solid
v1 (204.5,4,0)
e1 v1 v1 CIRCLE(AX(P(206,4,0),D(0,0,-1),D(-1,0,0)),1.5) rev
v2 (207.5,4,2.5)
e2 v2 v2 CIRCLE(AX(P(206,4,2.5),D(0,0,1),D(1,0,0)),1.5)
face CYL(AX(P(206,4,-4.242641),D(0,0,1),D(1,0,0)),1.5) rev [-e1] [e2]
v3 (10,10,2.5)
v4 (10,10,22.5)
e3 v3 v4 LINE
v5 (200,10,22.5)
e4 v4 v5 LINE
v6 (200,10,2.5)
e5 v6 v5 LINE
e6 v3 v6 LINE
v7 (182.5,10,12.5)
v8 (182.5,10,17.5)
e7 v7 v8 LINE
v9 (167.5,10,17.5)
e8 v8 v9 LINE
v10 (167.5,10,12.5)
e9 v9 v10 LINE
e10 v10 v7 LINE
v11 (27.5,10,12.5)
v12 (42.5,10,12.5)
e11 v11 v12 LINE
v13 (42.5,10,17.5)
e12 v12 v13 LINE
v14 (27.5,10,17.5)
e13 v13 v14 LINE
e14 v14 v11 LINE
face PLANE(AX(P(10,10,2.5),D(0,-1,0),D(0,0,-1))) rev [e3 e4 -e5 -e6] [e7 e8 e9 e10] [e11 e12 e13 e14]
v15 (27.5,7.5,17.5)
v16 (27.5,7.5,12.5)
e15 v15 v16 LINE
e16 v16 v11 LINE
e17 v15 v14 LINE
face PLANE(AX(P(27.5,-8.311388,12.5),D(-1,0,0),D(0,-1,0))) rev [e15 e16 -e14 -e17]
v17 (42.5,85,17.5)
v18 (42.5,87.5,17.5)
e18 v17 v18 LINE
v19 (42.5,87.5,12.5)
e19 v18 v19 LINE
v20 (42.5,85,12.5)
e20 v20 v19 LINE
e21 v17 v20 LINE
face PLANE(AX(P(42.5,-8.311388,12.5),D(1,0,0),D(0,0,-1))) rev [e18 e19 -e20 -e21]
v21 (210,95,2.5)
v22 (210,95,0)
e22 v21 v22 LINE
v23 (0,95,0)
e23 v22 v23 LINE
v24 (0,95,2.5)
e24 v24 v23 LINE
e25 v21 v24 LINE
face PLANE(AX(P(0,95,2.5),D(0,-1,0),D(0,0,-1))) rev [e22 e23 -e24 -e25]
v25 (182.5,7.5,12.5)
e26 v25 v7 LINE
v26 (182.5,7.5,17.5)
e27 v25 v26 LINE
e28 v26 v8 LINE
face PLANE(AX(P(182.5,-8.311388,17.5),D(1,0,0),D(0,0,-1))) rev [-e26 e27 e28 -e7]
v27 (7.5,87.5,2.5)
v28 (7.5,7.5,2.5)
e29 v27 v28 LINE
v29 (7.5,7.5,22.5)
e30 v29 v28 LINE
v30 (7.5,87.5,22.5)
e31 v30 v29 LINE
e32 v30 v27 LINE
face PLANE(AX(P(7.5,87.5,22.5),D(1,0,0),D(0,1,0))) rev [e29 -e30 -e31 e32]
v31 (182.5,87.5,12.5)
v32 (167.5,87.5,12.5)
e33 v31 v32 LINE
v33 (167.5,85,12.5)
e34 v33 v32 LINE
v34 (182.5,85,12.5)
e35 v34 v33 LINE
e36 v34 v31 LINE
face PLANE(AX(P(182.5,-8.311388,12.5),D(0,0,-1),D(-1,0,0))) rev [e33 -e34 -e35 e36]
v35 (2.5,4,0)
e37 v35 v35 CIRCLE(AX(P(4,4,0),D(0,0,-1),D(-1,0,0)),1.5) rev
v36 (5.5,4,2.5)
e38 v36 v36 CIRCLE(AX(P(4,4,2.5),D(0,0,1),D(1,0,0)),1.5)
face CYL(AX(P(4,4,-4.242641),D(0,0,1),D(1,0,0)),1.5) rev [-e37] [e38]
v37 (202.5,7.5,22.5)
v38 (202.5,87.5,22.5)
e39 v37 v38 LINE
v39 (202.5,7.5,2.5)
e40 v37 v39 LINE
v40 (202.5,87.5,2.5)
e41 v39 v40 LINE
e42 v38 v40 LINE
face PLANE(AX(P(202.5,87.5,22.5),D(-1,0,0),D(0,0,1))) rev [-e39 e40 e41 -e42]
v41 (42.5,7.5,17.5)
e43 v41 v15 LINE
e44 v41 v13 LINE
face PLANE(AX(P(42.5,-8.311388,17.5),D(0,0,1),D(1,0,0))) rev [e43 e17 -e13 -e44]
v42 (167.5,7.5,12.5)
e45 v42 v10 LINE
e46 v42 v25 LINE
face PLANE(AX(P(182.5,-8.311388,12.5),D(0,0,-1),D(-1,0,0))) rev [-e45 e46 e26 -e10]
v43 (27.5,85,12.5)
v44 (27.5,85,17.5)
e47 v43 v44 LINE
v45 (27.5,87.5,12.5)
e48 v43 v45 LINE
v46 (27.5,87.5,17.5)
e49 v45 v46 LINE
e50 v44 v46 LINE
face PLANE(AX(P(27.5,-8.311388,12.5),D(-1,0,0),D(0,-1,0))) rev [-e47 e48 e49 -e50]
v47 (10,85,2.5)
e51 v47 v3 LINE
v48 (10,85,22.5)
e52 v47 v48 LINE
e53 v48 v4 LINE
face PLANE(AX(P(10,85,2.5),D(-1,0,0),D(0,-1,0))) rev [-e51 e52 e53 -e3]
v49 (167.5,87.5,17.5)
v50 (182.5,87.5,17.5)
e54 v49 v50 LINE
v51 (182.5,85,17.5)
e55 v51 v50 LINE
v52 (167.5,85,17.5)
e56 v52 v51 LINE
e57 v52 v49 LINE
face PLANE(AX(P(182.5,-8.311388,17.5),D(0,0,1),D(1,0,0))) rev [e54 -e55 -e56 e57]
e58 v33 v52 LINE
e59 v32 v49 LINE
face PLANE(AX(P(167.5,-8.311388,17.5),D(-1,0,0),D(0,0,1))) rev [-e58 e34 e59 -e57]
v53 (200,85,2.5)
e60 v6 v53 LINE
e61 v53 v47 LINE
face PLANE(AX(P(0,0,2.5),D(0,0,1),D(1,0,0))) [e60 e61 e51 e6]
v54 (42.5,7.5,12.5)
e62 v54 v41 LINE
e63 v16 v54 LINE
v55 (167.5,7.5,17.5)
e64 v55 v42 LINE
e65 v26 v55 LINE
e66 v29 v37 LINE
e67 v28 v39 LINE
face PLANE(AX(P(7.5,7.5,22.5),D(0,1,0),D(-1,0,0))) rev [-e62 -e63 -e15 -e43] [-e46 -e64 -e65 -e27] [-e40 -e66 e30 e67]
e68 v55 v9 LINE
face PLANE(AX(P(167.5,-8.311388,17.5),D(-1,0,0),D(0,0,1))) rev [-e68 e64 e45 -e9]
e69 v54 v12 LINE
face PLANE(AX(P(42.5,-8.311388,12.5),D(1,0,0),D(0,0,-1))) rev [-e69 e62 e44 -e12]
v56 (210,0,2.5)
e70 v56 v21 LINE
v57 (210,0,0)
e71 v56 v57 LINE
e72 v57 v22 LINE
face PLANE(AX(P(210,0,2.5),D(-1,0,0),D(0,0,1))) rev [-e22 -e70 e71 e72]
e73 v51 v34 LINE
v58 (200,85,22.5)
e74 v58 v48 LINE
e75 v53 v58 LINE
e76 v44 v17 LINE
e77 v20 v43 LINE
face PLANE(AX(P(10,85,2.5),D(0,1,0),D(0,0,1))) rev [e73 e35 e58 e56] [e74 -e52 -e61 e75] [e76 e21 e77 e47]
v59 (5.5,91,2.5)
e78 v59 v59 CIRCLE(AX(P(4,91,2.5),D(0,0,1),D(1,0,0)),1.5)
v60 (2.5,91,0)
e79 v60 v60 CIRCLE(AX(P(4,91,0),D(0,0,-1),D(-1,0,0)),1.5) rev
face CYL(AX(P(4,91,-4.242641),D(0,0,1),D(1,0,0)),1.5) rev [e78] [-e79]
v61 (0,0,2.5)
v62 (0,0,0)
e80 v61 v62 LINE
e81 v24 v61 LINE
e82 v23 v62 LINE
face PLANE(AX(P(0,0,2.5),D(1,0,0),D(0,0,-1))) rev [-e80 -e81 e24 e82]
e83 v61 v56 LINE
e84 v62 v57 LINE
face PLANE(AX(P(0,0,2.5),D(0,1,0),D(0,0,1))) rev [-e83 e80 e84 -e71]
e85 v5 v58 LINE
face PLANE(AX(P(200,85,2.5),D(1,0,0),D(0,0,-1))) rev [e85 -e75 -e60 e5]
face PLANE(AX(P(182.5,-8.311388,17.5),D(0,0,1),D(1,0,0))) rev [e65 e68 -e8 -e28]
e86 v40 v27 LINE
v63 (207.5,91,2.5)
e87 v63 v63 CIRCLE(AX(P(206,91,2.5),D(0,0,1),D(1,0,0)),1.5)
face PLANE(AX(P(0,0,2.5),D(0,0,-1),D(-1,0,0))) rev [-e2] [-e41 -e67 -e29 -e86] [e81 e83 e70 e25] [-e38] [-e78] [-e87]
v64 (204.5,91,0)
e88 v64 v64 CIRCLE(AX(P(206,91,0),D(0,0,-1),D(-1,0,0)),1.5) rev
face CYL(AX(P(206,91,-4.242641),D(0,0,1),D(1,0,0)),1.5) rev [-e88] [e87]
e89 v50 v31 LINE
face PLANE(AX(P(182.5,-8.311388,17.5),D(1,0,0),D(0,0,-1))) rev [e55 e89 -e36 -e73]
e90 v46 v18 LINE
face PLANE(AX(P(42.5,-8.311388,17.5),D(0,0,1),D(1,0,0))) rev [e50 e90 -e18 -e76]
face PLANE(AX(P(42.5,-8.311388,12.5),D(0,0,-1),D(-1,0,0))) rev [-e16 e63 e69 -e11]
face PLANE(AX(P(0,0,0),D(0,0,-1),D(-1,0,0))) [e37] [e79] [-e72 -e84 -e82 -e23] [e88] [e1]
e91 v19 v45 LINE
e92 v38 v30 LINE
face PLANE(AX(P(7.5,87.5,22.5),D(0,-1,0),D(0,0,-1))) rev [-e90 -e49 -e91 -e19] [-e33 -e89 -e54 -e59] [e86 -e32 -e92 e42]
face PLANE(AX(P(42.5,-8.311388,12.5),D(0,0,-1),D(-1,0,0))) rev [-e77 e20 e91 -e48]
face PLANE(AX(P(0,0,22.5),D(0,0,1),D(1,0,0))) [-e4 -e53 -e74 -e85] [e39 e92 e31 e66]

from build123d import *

# Parameters (mm, degrees)
SKETCH1_W           = 210
SKETCH1_H           = 95
BOSS_EXTRUDE1_DEPTH = 2.5
SKETCH2_W           = 195
SKETCH2_H           = 80
BOSS_EXTRUDE2_DEPTH = 20
SKETCH3_W           = 190
SKETCH3_H           = 75
CUT_EXTRUDE1_DEPTH  = 20
SKETCH5_W           = 15
SKETCH5_H           = 5
CUT_EXTRUDE3_DEPTH  = 80
SKETCH6_R           = 1.5
CUT_EXTRUDE4_DEPTH  = 2.5


with BuildPart() as part:
    # Sketch1 → Boss-Extrude1 (new body)
    with BuildSketch(Plane.XY):
        with Locations((105, 47.5)):
            Rectangle(SKETCH1_W, SKETCH1_H)
    extrude(amount=BOSS_EXTRUDE1_DEPTH)

    # Sketch2 → Boss-Extrude2 (add)
    with BuildSketch(Plane.XY.offset(2.5)):
        with Locations((105, 47.5)):
            Rectangle(SKETCH2_W, SKETCH2_H)
    extrude(amount=BOSS_EXTRUDE2_DEPTH)

    # Sketch3 → Cut-Extrude1 (cut)
    with BuildSketch(Plane.XY.offset(22.5)):
        with Locations((105, 47.5)):
            Rectangle(SKETCH3_W, SKETCH3_H)
    extrude(amount=-CUT_EXTRUDE1_DEPTH, mode=Mode.SUBTRACT)

    # Sketch5 → Cut-Extrude3 (cut)
    with BuildSketch(Plane(origin=(0, 87.5, 0), x_dir=(1, 0, 0), z_dir=(0, 1, 0))):
        with Locations((175, -15)):
            Rectangle(SKETCH5_W, SKETCH5_H)
        with Locations((35, -15)):
            Rectangle(SKETCH5_W, SKETCH5_H)
    extrude(amount=-CUT_EXTRUDE3_DEPTH, mode=Mode.SUBTRACT)

    # Sketch6 → Cut-Extrude4 (cut)
    with BuildSketch(Plane.XY.offset(2.5)):
        with Locations((4, 91)):
            Circle(SKETCH6_R)
        with Locations((206, 91)):
            Circle(SKETCH6_R)
        with Locations((206, 4)):
            Circle(SKETCH6_R)
        with Locations((4, 4)):
            Circle(SKETCH6_R)
    extrude(amount=-CUT_EXTRUDE4_DEPTH, mode=Mode.SUBTRACT)


solid = part.part
